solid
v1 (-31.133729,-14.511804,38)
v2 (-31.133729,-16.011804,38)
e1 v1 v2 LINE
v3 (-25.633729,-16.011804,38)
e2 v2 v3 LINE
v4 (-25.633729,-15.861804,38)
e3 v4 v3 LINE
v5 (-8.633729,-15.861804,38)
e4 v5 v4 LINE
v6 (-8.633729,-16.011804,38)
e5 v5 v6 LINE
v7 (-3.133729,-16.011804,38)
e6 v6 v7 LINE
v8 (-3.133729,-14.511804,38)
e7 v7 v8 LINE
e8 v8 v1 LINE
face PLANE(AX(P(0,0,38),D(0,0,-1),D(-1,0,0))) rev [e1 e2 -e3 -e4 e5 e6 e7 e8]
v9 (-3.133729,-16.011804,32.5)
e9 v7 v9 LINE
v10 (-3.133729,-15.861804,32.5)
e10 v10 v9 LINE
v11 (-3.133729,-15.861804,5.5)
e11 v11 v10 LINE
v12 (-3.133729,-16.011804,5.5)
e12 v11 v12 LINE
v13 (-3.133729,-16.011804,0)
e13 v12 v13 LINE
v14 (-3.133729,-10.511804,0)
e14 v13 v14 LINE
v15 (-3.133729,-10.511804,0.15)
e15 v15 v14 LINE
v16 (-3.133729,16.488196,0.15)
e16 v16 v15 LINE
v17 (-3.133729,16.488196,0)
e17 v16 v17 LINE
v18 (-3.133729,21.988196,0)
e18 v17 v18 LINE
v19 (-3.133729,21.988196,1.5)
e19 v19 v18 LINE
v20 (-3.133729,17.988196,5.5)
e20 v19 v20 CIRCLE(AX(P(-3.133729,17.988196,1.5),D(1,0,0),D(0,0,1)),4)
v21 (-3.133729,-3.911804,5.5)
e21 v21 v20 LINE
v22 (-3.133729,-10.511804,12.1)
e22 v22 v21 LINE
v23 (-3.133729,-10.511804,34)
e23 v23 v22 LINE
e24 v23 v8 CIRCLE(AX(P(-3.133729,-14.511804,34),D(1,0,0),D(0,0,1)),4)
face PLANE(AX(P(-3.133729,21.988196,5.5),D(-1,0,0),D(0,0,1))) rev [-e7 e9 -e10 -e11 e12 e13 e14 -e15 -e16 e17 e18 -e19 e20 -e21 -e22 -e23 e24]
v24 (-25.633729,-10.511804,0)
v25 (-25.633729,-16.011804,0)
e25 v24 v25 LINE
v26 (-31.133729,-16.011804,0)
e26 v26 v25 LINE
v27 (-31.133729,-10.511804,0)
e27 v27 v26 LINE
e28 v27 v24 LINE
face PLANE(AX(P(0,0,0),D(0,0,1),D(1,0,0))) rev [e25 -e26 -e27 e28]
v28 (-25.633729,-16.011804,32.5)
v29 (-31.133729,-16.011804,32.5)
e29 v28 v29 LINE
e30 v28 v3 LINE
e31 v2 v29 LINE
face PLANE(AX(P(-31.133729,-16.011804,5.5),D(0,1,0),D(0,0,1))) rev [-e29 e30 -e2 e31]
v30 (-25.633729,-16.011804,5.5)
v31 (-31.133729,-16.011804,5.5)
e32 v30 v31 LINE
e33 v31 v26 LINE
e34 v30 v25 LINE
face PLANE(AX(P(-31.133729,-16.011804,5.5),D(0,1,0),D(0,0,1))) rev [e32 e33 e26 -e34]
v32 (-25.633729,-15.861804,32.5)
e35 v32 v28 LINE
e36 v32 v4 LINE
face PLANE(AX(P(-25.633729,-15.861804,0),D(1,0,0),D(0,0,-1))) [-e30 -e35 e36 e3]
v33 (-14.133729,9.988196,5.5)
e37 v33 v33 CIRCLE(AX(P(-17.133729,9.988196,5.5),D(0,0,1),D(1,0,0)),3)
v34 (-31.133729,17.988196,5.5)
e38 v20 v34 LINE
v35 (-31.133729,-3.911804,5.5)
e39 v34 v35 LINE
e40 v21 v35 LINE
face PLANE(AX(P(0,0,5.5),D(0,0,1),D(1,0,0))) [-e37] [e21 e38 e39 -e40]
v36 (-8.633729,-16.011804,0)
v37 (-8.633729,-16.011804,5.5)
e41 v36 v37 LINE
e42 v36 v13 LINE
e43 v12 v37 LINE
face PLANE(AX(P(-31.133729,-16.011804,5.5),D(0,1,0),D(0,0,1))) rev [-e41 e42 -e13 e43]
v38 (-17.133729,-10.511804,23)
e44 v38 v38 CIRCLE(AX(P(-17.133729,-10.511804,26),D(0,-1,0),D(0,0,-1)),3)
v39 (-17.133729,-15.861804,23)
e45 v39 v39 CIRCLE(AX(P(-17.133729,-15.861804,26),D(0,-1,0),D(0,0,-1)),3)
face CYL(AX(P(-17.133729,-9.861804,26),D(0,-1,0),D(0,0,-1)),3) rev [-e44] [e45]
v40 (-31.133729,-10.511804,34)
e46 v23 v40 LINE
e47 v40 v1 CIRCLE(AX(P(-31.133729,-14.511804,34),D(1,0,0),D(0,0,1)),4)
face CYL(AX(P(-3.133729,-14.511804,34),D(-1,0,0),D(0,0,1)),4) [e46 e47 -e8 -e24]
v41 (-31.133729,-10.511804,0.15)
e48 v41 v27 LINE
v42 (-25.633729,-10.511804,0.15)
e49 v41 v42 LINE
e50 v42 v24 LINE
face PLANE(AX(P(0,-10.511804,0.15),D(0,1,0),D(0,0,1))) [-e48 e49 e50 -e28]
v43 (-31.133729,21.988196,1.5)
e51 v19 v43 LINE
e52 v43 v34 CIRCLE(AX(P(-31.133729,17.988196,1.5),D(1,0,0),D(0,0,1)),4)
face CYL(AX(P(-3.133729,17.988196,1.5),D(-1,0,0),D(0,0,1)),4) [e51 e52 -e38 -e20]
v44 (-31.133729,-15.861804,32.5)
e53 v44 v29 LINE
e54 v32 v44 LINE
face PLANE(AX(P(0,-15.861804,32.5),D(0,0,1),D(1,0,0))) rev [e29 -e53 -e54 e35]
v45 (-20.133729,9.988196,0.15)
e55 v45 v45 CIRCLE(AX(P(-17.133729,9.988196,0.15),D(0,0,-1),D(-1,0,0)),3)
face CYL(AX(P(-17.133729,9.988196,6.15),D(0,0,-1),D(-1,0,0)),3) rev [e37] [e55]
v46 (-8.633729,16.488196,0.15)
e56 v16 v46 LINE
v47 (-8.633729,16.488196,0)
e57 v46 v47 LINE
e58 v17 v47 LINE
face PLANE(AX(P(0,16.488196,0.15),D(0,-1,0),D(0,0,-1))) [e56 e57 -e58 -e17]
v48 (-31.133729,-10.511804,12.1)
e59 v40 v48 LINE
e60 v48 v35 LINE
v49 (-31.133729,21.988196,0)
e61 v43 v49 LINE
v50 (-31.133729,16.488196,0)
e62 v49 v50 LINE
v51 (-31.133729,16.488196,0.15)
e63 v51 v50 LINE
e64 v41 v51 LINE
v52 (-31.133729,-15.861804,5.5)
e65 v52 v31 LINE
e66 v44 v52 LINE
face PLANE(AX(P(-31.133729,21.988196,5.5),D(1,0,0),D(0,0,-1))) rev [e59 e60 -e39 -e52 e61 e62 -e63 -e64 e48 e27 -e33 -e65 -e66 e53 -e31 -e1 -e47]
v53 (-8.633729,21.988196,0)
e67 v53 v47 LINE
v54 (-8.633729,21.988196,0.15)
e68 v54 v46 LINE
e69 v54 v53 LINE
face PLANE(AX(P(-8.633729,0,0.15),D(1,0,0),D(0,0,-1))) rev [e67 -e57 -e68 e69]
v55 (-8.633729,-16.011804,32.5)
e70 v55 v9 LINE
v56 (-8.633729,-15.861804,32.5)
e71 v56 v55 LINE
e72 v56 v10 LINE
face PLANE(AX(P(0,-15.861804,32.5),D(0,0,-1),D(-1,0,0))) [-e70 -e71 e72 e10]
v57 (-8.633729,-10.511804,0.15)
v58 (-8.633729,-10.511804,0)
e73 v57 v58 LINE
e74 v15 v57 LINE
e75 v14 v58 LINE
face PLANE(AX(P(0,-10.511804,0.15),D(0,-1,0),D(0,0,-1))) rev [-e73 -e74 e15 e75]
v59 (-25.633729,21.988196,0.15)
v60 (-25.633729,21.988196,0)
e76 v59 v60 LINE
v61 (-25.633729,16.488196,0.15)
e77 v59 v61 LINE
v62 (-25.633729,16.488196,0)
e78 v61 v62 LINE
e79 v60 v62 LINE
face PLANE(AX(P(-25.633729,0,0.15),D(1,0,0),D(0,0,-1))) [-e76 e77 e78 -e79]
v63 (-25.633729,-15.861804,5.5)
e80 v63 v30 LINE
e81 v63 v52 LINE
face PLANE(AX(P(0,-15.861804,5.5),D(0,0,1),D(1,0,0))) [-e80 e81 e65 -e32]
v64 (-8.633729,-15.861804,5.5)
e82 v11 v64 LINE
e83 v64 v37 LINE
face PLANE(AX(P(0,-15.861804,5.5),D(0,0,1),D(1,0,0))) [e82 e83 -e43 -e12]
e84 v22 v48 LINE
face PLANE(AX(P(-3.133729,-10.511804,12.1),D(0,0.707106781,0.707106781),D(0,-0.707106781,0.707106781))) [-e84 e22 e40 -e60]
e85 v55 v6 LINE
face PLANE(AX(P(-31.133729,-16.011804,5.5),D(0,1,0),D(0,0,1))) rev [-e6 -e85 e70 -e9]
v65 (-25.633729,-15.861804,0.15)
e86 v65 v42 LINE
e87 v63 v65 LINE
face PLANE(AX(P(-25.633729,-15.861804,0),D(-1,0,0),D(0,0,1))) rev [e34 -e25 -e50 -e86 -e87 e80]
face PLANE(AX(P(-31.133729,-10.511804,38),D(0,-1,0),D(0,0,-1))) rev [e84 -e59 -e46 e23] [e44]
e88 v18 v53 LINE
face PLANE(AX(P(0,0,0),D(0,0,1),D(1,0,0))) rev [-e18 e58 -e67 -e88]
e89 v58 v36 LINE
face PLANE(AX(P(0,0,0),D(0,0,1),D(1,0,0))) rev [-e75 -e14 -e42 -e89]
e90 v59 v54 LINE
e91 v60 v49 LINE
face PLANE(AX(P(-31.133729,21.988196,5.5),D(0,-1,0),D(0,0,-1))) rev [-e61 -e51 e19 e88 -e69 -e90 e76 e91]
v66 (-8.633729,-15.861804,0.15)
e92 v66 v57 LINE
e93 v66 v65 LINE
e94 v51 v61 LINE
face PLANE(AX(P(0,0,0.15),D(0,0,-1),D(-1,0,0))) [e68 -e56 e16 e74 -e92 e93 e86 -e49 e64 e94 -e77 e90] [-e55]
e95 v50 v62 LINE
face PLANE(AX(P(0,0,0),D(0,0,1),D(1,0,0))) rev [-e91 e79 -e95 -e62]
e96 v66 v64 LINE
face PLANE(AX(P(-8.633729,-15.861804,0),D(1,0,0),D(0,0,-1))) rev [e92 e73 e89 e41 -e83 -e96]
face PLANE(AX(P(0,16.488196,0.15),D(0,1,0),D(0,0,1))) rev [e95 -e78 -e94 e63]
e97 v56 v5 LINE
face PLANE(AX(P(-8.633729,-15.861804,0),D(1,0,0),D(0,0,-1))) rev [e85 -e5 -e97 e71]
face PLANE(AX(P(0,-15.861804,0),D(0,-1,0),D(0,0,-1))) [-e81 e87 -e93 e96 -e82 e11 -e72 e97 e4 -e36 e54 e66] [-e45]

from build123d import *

# Parameters (mm, degrees)
ESBO_O1_W                = 28
ESBO_O1_H                = 38
RESSALTO_EXTRUS_O1_DEPTH = 5.5
ESBO_O2_W                = 28
ESBO_O2_H                = 5.5
RESSALTO_EXTRUS_O2_DEPTH = 32.5
CORTE_EXTRUS_O1_DEPTH    = 28
RESSALTO_EXTRUS_O3_DEPTH = 28
CORTE_EXTRUS_O2_DEPTH    = 0.15
CORTE_EXTRUS_O3_DEPTH    = 0.15
ESBO_O8_R                = 3
CORTE_EXTRUS_O4_DEPTH    = 6
ESBO_O9_R                = 3
CORTE_EXTRUS_O5_DEPTH    = 6


with BuildPart() as part:
    # Esboço1 → Ressalto-extrusão1 (new body)
    with BuildSketch(Plane.XY):
        with Locations((-17.133729377, 2.988196373)):
            Rectangle(ESBO_O1_W, ESBO_O1_H)
    extrude(amount=RESSALTO_EXTRUS_O1_DEPTH)

    # Esboço2 → Ressalto-extrusão2 (add)
    with BuildSketch(Plane.XY.offset(5.5)):
        with Locations((-17.133729377, -13.261803627)):
            Rectangle(ESBO_O2_W, ESBO_O2_H)
    extrude(amount=RESSALTO_EXTRUS_O2_DEPTH)

    # Esboço3 → Corte-extrusão1 (cut)
    with BuildSketch(Plane.ZY.offset(31.133729377)):
        with BuildLine():
            Line((1.5, 21.988196373), (5.5, 21.988196373))
            Line((5.5, 21.988196373), (5.5, 17.988196373))
            ThreePointArc((5.5, 17.988196373), (4.328427125, 20.816623498), (1.5, 21.988196373))
        make_face()
        with BuildLine():
            Line((34, -10.511803627), (38, -10.511803627))
            Line((38, -10.511803627), (38, -14.511803627))
            ThreePointArc((38, -14.511803627), (36.828427125, -11.683376502), (34, -10.511803627))
        make_face()
    extrude(amount=-CORTE_EXTRUS_O1_DEPTH, mode=Mode.SUBTRACT)

    # Esboço4 → Ressalto-extrusão3 (add)
    with BuildSketch(Plane.ZY.offset(31.133729377)):
        Polygon((5.5, -10.511803627), (12.1, -10.511803627), (5.5, -3.911803627), align=None)
    extrude(amount=-RESSALTO_EXTRUS_O3_DEPTH)

    # Esboço5 → Corte-extrusão2 (cut)
    with BuildSketch(Plane.XZ.offset(16.011803627)):
        Polygon((-25.633729377, 5.5), (-25.633729377, 0), (-8.633729377, 0), (-8.633729377, 5.5), (-3.133729377, 5.5), (-3.133729377, 32.5), (-8.633729377, 32.5), (-8.633729377, 38), (-25.633729377, 38), (-25.633729377, 32.5), (-31.133729377, 32.5), (-31.133729377, 5.5), align=None)
    extrude(amount=-CORTE_EXTRUS_O2_DEPTH, mode=Mode.SUBTRACT)

    # Esboço6 → Corte-extrusão3 (cut)
    with BuildSketch(Plane(origin=(0, 0, 0), x_dir=(-1, 0, 0), z_dir=(0, 0, -1))):
        Polygon((8.633729377, -10.511803627), (8.633729377, -15.861803627), (25.633729377, -15.861803627), (25.633729377, -10.511803627), (31.133729377, -10.511803627), (31.133729377, 16.488196373), (25.633729377, 16.488196373), (25.633729377, 21.988196373), (8.633729377, 21.988196373), (8.633729377, 16.488196373), (3.133729377, 16.488196373), (3.133729377, -10.511803627), align=None)
    extrude(amount=-CORTE_EXTRUS_O3_DEPTH, mode=Mode.SUBTRACT)

    # Esboço8 → Corte-extrusão4 (cut)
    with BuildSketch(Plane.XZ.offset(15.861803627)):
        with Locations(Location((-17.133729377, 26, 0), (0, 0, 270))):
            Circle(ESBO_O8_R)
    extrude(amount=-CORTE_EXTRUS_O4_DEPTH, mode=Mode.SUBTRACT)

    # Esboço9 → Corte-extrusão5 (cut)
    with BuildSketch(Plane(origin=(0, 0, 0.15), x_dir=(-1, 0, 0), z_dir=(0, 0, -1))):
        with Locations((17.133729377, 9.988196373)):
            Circle(ESBO_O9_R)
    extrude(amount=-CORTE_EXTRUS_O5_DEPTH, mode=Mode.SUBTRACT)


solid = part.part
